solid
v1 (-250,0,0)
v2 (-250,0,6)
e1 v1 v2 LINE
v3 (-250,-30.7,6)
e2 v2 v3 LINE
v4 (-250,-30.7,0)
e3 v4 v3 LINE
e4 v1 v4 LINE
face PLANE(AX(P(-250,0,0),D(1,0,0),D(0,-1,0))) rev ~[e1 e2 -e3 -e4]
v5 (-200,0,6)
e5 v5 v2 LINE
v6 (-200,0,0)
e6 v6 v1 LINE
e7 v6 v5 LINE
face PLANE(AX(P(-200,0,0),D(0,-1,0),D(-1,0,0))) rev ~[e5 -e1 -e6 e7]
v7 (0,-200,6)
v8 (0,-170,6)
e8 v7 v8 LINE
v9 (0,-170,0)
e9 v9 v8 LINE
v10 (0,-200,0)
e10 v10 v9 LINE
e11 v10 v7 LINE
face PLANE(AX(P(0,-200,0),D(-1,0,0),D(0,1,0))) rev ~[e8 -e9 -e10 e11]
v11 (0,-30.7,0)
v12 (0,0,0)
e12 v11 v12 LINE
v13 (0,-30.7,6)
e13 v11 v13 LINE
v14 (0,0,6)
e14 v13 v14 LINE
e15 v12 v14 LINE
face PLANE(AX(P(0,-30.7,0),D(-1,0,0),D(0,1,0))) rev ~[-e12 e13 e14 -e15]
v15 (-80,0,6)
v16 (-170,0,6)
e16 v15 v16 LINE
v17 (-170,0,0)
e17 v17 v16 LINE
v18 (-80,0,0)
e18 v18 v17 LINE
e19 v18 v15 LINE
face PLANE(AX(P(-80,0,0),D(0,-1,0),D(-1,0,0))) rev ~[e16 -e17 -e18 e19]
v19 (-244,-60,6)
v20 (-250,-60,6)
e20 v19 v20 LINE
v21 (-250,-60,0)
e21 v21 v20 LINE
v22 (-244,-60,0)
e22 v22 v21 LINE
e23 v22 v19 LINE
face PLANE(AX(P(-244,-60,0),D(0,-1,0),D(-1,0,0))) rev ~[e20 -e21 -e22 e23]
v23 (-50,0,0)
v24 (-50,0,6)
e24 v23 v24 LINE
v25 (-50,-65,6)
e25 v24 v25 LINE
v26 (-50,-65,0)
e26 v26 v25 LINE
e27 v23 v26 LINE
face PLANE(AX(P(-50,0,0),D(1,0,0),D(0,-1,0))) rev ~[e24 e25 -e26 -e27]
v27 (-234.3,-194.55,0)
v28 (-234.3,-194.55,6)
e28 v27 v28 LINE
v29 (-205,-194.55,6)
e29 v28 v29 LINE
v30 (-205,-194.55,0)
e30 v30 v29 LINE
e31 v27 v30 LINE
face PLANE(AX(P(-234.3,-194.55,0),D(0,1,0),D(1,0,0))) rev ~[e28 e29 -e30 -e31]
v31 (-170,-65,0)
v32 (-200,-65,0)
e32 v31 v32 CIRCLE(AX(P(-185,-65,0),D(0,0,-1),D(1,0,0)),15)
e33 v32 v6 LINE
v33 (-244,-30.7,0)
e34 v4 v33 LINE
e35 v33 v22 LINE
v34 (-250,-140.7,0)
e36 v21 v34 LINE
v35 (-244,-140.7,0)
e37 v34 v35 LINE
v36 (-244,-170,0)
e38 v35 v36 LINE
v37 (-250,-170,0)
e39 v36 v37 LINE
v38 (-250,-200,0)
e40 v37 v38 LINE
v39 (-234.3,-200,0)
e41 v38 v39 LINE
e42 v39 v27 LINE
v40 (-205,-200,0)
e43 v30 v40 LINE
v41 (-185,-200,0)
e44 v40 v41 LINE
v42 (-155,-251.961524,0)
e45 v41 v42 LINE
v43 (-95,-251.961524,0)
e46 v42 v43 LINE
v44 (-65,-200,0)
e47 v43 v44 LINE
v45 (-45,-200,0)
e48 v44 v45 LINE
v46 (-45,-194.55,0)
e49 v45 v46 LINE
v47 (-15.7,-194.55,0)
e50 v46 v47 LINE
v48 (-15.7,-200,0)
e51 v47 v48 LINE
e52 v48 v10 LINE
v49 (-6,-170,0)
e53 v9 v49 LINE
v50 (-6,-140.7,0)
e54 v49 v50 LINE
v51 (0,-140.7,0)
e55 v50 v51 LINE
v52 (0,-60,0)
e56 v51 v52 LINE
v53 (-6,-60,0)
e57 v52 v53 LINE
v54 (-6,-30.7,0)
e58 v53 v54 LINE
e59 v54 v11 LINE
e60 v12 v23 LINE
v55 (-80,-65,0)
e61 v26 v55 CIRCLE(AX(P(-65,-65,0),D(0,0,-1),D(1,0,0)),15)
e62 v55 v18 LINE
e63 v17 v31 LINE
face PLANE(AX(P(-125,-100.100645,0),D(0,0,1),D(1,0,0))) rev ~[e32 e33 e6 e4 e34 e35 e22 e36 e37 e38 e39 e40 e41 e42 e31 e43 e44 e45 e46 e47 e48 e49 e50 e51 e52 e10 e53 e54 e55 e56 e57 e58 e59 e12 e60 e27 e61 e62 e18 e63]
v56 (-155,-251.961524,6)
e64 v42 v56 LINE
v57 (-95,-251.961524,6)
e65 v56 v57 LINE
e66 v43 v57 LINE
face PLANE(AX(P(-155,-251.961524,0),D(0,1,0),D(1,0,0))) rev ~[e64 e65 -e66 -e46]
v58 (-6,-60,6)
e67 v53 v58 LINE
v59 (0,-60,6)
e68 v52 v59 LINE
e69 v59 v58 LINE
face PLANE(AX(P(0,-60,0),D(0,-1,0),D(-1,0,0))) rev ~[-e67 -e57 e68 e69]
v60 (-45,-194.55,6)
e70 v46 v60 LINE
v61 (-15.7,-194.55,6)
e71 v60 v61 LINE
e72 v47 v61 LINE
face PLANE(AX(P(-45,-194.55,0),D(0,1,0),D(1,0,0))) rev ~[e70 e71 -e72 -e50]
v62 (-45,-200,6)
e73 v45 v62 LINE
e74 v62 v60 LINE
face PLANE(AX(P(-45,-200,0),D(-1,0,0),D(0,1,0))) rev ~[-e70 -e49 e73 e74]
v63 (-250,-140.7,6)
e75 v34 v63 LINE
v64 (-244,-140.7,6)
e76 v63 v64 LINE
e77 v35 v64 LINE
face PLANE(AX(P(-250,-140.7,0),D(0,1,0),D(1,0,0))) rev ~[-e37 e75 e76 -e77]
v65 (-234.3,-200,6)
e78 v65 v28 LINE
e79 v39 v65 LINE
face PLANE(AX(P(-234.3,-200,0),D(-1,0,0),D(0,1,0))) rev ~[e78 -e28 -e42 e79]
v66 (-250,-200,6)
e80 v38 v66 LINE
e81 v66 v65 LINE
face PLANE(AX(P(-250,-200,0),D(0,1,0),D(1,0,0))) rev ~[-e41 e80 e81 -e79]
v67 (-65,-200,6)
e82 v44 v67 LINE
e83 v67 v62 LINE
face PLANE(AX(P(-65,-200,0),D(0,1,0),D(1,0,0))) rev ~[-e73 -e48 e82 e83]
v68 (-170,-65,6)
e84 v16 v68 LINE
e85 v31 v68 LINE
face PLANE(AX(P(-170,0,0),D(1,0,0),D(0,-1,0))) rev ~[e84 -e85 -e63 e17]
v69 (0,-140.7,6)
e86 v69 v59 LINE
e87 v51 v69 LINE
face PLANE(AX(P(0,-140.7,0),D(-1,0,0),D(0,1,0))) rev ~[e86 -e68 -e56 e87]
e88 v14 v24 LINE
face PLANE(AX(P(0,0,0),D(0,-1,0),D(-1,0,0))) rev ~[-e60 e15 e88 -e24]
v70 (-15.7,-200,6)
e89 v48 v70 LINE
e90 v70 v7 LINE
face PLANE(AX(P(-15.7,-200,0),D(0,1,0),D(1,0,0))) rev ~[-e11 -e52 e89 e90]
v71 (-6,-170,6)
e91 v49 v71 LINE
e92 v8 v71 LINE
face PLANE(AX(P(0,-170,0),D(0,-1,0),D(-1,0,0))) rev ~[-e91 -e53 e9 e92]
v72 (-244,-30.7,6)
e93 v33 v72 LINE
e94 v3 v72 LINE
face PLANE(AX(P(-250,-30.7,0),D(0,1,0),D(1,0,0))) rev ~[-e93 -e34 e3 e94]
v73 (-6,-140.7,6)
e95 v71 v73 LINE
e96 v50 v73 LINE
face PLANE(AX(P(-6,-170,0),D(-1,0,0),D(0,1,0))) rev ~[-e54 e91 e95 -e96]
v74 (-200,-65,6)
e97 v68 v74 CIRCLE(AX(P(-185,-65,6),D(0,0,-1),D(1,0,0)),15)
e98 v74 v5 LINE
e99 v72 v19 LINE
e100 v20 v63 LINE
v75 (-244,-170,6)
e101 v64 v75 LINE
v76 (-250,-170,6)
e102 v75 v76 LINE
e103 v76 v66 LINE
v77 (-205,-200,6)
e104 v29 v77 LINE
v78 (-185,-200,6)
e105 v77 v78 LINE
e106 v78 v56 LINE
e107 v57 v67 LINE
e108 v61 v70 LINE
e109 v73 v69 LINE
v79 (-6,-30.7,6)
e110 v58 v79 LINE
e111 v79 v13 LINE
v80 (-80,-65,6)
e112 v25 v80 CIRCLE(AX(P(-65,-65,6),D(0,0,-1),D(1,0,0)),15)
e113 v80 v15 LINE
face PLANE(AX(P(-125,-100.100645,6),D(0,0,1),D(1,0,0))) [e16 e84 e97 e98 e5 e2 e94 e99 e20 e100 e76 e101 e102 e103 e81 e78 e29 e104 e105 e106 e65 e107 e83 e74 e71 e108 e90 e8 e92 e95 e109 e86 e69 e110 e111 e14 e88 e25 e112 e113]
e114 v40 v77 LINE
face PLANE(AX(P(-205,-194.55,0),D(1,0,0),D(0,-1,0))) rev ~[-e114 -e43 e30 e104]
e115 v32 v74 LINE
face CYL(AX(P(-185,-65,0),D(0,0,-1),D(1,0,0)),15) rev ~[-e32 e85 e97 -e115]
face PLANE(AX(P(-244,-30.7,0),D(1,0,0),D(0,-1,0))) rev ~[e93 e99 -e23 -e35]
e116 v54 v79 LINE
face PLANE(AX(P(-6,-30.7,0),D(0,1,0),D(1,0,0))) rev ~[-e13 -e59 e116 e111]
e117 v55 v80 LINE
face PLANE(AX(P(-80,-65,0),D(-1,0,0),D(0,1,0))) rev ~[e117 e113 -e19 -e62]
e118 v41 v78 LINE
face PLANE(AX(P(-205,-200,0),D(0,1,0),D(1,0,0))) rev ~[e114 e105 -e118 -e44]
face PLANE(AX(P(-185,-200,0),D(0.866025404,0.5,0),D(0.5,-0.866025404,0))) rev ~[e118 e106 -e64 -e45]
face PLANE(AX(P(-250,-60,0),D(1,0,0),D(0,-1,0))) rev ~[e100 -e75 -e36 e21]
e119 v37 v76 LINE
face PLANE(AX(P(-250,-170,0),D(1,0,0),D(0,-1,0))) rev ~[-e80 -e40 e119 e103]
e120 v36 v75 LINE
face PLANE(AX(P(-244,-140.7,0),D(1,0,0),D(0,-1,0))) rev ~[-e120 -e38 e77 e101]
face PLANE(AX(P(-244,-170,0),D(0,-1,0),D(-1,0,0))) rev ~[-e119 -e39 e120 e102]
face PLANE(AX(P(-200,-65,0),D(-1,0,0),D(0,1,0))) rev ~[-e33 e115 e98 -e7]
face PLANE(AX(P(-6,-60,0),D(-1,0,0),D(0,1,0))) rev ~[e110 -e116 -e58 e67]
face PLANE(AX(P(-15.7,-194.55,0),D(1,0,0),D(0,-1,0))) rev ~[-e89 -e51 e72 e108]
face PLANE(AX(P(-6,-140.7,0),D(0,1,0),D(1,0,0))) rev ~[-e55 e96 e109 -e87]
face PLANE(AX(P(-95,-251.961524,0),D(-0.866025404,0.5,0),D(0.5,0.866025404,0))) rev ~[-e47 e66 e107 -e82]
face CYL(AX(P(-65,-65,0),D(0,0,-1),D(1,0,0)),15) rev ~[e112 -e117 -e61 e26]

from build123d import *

# Parameters (mm, degrees)
EXTRUDE_1_DEPTH = 6


with BuildPart() as part:
    # Эскиз1 → Бобышка-Вытянуть1 (new body)
    with BuildSketch(Plane.XY):
        with BuildLine():
            Line((0, 0), (-50, 0))
            Line((-50, 0), (-50, -65))
            ThreePointArc((-50, -65), (-65, -80), (-80, -65))
            Line((-80, -65), (-80, 0))
            Line((-80, 0), (-170, 0))
            Line((-170, 0), (-170, -65))
            ThreePointArc((-170, -65), (-185, -80), (-200, -65))
            Line((-200, -65), (-200, 0))
            Line((-200, 0), (-250, 0))
            Line((-250, 0), (-250, -30.7))
            Line((-250, -30.7), (-244, -30.7))
            Line((-244, -30.7), (-244, -60))
            Line((-244, -60), (-250, -60))
            Line((-250, -60), (-250, -140.7))
            Line((-250, -140.7), (-244, -140.7))
            Line((-244, -140.7), (-244, -170))
            Line((-244, -170), (-250, -170))
            Line((-250, -170), (-250, -200))
            Line((-250, -200), (-234.3, -200))
            Line((-234.3, -200), (-234.3, -194.55))
            Line((-234.3, -194.55), (-205, -194.55))
            Line((-205, -194.55), (-205, -200))
            Line((-205, -200), (-185, -200))
            Line((-185, -200), (-155, -251.961524227))
            Line((-155, -251.961524227), (-95, -251.961524227))
            Line((-95, -251.961524227), (-65, -200))
            Line((-65, -200), (-45, -200))
            Line((-45, -200), (-45, -194.55))
            Line((-45, -194.55), (-15.7, -194.55))
            Line((-15.7, -194.55), (-15.7, -200))
            Line((-15.7, -200), (0, -200))
            Line((0, -200), (0, -170))
            Line((0, -170), (-6, -170))
            Line((-6, -170), (-6, -140.7))
            Line((-6, -140.7), (0, -140.7))
            Line((0, -140.7), (0, -60))
            Line((0, -60), (-6, -60))
            Line((-6, -60), (-6, -30.7))
            Line((-6, -30.7), (0, -30.7))
            Line((0, -30.7), (0, 0))
        make_face()
    extrude(amount=EXTRUDE_1_DEPTH)


solid = part.part
